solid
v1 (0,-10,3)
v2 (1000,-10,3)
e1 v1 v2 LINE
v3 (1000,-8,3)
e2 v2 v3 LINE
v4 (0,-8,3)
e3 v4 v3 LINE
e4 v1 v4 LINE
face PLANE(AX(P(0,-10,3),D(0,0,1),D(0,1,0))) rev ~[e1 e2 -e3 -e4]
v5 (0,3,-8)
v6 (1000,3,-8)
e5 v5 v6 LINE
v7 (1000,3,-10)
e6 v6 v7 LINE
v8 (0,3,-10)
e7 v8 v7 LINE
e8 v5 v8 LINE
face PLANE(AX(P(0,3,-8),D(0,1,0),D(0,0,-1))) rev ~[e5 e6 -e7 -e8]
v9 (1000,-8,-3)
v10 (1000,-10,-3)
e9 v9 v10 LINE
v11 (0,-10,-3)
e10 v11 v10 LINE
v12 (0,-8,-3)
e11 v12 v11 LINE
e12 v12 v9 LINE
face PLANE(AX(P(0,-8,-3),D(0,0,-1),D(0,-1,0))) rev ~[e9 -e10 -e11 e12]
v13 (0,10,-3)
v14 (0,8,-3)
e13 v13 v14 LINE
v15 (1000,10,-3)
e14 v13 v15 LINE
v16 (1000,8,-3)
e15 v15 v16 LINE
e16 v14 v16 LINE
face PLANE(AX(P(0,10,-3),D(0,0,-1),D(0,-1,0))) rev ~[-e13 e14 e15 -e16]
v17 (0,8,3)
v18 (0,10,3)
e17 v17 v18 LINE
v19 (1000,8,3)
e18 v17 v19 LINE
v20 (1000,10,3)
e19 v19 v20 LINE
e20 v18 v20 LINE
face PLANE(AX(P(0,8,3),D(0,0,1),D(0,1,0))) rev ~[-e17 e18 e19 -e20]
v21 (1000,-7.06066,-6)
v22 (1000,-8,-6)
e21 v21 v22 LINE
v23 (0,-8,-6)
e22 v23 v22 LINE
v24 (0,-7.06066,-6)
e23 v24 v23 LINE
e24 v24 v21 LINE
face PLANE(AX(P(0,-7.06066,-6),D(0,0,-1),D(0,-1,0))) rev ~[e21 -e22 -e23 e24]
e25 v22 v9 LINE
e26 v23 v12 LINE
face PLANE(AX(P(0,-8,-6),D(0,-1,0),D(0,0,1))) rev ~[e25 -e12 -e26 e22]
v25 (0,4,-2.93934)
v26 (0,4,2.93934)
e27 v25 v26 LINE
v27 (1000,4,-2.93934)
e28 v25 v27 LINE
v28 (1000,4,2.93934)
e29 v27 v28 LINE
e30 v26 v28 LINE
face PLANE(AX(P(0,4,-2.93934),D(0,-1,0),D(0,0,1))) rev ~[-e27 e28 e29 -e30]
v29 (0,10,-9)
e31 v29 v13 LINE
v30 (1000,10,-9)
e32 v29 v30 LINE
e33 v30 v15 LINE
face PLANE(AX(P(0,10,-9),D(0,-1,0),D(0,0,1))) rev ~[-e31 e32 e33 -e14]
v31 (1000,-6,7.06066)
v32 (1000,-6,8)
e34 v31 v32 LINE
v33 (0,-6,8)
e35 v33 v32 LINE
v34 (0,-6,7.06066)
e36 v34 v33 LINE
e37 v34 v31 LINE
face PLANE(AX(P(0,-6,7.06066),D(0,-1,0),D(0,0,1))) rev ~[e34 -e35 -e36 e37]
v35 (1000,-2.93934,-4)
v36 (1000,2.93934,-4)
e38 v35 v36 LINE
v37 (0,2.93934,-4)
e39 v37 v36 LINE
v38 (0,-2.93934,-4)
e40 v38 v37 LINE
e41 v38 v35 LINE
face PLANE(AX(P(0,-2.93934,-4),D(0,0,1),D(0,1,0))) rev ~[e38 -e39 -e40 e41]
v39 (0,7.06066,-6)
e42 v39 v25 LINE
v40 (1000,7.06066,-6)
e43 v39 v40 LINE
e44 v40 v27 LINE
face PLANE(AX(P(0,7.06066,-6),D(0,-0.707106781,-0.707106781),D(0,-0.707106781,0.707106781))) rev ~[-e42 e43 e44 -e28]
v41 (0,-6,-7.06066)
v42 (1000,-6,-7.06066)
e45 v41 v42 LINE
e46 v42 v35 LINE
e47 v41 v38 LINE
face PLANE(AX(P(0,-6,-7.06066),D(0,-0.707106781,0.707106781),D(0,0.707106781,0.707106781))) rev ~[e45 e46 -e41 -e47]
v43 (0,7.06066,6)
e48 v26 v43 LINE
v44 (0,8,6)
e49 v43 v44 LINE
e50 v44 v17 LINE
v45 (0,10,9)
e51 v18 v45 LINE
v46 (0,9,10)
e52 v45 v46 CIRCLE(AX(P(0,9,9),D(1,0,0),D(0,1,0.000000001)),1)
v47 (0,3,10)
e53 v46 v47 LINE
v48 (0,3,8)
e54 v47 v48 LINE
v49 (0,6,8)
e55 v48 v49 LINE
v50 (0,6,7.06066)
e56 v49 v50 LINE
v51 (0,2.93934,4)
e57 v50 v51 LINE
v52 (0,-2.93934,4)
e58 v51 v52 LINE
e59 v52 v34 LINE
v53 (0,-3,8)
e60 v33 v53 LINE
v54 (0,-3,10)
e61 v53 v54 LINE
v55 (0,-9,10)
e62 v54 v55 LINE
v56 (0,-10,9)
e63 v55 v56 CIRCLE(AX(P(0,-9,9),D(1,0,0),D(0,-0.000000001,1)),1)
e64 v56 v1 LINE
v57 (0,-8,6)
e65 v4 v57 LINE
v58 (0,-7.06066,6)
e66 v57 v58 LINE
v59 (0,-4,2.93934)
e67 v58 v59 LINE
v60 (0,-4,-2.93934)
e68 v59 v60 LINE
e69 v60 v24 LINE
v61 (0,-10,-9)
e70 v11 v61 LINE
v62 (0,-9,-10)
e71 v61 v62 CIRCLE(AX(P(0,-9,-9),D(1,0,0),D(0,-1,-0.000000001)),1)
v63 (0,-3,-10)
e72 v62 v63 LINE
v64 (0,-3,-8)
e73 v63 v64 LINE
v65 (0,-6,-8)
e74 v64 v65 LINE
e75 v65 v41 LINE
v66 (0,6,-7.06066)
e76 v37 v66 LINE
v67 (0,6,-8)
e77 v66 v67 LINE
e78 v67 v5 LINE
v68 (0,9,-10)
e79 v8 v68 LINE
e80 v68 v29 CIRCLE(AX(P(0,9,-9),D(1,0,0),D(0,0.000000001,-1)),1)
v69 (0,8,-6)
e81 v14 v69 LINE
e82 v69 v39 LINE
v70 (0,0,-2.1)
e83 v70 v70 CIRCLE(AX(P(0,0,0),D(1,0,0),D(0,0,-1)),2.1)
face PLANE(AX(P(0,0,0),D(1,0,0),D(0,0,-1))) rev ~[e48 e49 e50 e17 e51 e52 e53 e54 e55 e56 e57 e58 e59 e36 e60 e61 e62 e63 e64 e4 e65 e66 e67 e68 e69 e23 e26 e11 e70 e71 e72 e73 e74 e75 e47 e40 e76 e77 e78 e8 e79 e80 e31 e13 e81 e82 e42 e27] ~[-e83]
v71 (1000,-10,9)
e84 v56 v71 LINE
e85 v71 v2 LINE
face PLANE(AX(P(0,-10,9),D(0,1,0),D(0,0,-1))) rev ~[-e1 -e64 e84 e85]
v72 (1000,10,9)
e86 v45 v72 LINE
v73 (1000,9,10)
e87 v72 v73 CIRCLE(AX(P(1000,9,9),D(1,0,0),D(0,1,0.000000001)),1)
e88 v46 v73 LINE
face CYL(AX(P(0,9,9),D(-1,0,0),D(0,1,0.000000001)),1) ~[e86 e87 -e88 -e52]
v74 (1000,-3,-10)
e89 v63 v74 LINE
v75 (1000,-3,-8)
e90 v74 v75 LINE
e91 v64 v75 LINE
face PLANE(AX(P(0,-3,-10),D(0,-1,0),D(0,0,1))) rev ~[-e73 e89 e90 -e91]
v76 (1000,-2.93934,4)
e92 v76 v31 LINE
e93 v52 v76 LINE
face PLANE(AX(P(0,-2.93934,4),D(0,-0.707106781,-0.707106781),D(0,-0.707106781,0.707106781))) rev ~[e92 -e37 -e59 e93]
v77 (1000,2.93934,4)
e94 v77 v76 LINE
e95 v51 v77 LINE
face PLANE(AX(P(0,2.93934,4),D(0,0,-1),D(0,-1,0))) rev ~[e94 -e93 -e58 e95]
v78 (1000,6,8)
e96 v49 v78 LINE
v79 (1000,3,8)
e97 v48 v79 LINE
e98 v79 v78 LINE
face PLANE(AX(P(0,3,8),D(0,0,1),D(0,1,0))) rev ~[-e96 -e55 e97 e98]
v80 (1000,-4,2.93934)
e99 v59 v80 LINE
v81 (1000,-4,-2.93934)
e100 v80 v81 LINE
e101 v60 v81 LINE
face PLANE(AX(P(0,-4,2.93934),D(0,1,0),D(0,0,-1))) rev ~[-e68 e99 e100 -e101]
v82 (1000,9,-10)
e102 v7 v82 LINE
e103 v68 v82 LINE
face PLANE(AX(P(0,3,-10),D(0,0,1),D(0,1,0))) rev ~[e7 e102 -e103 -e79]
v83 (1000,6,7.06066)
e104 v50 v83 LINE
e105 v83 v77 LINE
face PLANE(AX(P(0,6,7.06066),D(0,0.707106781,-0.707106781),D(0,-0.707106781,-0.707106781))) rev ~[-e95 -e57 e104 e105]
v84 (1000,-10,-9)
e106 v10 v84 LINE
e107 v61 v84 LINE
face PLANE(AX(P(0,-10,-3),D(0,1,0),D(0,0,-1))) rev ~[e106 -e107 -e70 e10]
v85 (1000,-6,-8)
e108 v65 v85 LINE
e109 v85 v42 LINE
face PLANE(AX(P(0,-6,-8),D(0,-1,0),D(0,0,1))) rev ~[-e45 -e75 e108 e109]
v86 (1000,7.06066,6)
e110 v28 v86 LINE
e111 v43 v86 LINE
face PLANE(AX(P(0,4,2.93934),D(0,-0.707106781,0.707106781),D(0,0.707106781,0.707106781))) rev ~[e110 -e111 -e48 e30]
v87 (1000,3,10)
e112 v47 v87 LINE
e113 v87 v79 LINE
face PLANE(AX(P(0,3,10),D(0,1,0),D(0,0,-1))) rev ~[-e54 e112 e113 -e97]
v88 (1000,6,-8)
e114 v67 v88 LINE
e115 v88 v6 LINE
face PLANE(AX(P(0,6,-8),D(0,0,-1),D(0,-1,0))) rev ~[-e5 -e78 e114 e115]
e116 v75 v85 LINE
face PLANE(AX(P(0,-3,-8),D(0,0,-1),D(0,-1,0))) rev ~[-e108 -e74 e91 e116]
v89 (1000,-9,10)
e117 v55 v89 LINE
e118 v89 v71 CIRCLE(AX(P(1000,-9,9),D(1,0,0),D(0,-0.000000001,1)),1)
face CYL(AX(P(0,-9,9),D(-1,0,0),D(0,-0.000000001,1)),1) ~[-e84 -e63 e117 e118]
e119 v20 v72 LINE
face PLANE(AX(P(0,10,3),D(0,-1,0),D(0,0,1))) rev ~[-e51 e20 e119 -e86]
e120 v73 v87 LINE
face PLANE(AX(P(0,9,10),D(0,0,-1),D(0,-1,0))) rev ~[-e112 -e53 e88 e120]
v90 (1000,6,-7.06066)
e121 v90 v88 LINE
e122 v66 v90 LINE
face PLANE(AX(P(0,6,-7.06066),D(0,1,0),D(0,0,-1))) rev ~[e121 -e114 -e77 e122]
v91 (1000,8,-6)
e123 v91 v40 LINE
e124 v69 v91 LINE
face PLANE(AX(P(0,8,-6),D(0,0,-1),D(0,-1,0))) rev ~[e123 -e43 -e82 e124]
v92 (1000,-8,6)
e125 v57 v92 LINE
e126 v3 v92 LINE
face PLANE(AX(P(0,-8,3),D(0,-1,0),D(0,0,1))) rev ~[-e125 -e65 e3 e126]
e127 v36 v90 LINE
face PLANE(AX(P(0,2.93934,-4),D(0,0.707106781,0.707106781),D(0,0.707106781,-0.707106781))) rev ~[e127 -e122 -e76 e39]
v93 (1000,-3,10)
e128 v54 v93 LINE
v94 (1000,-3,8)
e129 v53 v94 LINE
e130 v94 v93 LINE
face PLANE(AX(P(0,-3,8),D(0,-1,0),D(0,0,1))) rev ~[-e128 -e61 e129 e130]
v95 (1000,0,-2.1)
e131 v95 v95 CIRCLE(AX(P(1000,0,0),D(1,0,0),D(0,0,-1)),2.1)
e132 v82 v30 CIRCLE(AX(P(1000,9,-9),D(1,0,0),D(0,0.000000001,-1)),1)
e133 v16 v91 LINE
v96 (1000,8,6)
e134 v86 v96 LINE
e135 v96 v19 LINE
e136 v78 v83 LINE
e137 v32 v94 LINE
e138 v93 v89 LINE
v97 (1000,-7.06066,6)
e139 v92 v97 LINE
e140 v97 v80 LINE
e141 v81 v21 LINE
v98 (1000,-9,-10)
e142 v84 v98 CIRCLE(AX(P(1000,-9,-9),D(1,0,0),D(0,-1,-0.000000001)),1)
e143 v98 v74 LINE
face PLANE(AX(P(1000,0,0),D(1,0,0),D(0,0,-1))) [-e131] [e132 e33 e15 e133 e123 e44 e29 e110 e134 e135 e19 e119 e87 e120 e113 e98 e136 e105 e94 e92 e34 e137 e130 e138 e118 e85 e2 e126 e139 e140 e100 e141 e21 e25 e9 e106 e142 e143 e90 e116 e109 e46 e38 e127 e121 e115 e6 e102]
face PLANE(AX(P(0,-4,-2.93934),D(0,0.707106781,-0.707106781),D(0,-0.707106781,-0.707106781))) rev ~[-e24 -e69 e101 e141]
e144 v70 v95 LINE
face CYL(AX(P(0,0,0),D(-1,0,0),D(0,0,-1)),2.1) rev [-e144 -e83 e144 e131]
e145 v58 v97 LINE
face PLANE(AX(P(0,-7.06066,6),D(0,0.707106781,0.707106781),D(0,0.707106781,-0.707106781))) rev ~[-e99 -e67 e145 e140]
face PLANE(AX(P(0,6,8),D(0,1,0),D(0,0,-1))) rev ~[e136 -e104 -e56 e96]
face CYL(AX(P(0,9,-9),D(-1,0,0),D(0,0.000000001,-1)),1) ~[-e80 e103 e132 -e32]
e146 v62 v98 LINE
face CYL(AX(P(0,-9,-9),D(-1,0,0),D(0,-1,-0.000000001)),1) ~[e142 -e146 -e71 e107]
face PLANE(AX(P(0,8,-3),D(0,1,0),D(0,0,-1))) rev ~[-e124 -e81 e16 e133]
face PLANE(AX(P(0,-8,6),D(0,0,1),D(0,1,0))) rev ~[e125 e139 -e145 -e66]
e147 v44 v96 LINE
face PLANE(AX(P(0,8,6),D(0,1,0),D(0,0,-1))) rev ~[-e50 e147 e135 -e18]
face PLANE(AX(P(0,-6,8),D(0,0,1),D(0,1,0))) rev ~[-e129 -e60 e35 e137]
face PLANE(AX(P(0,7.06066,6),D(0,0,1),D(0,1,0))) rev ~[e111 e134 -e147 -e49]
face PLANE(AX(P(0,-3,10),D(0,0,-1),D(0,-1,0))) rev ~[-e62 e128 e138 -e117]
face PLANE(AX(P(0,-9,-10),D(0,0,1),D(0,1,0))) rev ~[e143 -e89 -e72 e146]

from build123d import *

# Parameters (mm, degrees)
SKETCH1_R           = 2.1
BOSS_EXTRUDE1_DEPTH = 1000


with BuildPart() as part:
    # Sketch1 → Boss-Extrude1 (new body)
    with BuildSketch(Plane(origin=(0, 0, 0), x_dir=(0, 0, -1), z_dir=(1, 0, 0))):
        with BuildLine():
            Line((-10, 9), (-10, 3))
            Line((-10, 3), (-8, 3))
            Line((-8, 3), (-8, 6))
            Line((-8, 6), (-7.060660172, 6))
            Line((-7.060660172, 6), (-4, 2.939339828))
            Line((-4, 2.939339828), (-4, -2.939339828))
            Line((-4, -2.939339828), (-7.060660172, -6))
            Line((-7.060660172, -6), (-8, -6))
            Line((-8, -6), (-8, -3))
            Line((-8, -3), (-10, -3))
            Line((-10, -3), (-10, -9))
            ThreePointArc((-10, -9), (-9.707106781, -9.707106781), (-9, -10))
            Line((-9, -10), (-3, -10))
            Line((-3, -10), (-3, -8))
            Line((-3, -8), (-6, -8))
            Line((-6, -8), (-6, -7.060660172))
            Line((-6, -7.060660172), (-2.939339828, -4))
            Line((-2.939339828, -4), (2.939339828, -4))
            Line((2.939339828, -4), (6, -7.060660172))
            Line((6, -7.060660172), (6, -8))
            Line((6, -8), (3, -8))
            Line((3, -8), (3, -10))
            Line((3, -10), (9, -10))
            ThreePointArc((9, -10), (9.707106781, -9.707106781), (10, -9))
            Line((10, -9), (10, -3))
            Line((10, -3), (8, -3))
            Line((8, -3), (8, -6))
            Line((8, -6), (7.060660172, -6))
            Line((7.060660172, -6), (4, -2.939339828))
            Line((4, -2.939339828), (4, 2.939339828))
            Line((4, 2.939339828), (7.060660172, 6))
            Line((7.060660172, 6), (8, 6))
            Line((8, 6), (8, 3))
            Line((8, 3), (10, 3))
            Line((10, 3), (10, 9))
            ThreePointArc((10, 9), (9.707106781, 9.707106781), (9, 10))
            Line((9, 10), (3, 10))
            Line((3, 10), (3, 8))
            Line((3, 8), (6, 8))
            Line((6, 8), (6, 7.060660172))
            Line((6, 7.060660172), (2.939339828, 4))
            Line((2.939339828, 4), (-2.939339828, 4))
            Line((-2.939339828, 4), (-6, 7.060660172))
            Line((-6, 7.060660172), (-6, 8))
            Line((-6, 8), (-3, 8))
            Line((-3, 8), (-3, 10))
            Line((-3, 10), (-9, 10))
            ThreePointArc((-9, 10), (-9.707106781, 9.707106781), (-10, 9))
        make_face()
        Circle(SKETCH1_R, mode=Mode.SUBTRACT)
    extrude(amount=BOSS_EXTRUDE1_DEPTH)


solid = part.part
